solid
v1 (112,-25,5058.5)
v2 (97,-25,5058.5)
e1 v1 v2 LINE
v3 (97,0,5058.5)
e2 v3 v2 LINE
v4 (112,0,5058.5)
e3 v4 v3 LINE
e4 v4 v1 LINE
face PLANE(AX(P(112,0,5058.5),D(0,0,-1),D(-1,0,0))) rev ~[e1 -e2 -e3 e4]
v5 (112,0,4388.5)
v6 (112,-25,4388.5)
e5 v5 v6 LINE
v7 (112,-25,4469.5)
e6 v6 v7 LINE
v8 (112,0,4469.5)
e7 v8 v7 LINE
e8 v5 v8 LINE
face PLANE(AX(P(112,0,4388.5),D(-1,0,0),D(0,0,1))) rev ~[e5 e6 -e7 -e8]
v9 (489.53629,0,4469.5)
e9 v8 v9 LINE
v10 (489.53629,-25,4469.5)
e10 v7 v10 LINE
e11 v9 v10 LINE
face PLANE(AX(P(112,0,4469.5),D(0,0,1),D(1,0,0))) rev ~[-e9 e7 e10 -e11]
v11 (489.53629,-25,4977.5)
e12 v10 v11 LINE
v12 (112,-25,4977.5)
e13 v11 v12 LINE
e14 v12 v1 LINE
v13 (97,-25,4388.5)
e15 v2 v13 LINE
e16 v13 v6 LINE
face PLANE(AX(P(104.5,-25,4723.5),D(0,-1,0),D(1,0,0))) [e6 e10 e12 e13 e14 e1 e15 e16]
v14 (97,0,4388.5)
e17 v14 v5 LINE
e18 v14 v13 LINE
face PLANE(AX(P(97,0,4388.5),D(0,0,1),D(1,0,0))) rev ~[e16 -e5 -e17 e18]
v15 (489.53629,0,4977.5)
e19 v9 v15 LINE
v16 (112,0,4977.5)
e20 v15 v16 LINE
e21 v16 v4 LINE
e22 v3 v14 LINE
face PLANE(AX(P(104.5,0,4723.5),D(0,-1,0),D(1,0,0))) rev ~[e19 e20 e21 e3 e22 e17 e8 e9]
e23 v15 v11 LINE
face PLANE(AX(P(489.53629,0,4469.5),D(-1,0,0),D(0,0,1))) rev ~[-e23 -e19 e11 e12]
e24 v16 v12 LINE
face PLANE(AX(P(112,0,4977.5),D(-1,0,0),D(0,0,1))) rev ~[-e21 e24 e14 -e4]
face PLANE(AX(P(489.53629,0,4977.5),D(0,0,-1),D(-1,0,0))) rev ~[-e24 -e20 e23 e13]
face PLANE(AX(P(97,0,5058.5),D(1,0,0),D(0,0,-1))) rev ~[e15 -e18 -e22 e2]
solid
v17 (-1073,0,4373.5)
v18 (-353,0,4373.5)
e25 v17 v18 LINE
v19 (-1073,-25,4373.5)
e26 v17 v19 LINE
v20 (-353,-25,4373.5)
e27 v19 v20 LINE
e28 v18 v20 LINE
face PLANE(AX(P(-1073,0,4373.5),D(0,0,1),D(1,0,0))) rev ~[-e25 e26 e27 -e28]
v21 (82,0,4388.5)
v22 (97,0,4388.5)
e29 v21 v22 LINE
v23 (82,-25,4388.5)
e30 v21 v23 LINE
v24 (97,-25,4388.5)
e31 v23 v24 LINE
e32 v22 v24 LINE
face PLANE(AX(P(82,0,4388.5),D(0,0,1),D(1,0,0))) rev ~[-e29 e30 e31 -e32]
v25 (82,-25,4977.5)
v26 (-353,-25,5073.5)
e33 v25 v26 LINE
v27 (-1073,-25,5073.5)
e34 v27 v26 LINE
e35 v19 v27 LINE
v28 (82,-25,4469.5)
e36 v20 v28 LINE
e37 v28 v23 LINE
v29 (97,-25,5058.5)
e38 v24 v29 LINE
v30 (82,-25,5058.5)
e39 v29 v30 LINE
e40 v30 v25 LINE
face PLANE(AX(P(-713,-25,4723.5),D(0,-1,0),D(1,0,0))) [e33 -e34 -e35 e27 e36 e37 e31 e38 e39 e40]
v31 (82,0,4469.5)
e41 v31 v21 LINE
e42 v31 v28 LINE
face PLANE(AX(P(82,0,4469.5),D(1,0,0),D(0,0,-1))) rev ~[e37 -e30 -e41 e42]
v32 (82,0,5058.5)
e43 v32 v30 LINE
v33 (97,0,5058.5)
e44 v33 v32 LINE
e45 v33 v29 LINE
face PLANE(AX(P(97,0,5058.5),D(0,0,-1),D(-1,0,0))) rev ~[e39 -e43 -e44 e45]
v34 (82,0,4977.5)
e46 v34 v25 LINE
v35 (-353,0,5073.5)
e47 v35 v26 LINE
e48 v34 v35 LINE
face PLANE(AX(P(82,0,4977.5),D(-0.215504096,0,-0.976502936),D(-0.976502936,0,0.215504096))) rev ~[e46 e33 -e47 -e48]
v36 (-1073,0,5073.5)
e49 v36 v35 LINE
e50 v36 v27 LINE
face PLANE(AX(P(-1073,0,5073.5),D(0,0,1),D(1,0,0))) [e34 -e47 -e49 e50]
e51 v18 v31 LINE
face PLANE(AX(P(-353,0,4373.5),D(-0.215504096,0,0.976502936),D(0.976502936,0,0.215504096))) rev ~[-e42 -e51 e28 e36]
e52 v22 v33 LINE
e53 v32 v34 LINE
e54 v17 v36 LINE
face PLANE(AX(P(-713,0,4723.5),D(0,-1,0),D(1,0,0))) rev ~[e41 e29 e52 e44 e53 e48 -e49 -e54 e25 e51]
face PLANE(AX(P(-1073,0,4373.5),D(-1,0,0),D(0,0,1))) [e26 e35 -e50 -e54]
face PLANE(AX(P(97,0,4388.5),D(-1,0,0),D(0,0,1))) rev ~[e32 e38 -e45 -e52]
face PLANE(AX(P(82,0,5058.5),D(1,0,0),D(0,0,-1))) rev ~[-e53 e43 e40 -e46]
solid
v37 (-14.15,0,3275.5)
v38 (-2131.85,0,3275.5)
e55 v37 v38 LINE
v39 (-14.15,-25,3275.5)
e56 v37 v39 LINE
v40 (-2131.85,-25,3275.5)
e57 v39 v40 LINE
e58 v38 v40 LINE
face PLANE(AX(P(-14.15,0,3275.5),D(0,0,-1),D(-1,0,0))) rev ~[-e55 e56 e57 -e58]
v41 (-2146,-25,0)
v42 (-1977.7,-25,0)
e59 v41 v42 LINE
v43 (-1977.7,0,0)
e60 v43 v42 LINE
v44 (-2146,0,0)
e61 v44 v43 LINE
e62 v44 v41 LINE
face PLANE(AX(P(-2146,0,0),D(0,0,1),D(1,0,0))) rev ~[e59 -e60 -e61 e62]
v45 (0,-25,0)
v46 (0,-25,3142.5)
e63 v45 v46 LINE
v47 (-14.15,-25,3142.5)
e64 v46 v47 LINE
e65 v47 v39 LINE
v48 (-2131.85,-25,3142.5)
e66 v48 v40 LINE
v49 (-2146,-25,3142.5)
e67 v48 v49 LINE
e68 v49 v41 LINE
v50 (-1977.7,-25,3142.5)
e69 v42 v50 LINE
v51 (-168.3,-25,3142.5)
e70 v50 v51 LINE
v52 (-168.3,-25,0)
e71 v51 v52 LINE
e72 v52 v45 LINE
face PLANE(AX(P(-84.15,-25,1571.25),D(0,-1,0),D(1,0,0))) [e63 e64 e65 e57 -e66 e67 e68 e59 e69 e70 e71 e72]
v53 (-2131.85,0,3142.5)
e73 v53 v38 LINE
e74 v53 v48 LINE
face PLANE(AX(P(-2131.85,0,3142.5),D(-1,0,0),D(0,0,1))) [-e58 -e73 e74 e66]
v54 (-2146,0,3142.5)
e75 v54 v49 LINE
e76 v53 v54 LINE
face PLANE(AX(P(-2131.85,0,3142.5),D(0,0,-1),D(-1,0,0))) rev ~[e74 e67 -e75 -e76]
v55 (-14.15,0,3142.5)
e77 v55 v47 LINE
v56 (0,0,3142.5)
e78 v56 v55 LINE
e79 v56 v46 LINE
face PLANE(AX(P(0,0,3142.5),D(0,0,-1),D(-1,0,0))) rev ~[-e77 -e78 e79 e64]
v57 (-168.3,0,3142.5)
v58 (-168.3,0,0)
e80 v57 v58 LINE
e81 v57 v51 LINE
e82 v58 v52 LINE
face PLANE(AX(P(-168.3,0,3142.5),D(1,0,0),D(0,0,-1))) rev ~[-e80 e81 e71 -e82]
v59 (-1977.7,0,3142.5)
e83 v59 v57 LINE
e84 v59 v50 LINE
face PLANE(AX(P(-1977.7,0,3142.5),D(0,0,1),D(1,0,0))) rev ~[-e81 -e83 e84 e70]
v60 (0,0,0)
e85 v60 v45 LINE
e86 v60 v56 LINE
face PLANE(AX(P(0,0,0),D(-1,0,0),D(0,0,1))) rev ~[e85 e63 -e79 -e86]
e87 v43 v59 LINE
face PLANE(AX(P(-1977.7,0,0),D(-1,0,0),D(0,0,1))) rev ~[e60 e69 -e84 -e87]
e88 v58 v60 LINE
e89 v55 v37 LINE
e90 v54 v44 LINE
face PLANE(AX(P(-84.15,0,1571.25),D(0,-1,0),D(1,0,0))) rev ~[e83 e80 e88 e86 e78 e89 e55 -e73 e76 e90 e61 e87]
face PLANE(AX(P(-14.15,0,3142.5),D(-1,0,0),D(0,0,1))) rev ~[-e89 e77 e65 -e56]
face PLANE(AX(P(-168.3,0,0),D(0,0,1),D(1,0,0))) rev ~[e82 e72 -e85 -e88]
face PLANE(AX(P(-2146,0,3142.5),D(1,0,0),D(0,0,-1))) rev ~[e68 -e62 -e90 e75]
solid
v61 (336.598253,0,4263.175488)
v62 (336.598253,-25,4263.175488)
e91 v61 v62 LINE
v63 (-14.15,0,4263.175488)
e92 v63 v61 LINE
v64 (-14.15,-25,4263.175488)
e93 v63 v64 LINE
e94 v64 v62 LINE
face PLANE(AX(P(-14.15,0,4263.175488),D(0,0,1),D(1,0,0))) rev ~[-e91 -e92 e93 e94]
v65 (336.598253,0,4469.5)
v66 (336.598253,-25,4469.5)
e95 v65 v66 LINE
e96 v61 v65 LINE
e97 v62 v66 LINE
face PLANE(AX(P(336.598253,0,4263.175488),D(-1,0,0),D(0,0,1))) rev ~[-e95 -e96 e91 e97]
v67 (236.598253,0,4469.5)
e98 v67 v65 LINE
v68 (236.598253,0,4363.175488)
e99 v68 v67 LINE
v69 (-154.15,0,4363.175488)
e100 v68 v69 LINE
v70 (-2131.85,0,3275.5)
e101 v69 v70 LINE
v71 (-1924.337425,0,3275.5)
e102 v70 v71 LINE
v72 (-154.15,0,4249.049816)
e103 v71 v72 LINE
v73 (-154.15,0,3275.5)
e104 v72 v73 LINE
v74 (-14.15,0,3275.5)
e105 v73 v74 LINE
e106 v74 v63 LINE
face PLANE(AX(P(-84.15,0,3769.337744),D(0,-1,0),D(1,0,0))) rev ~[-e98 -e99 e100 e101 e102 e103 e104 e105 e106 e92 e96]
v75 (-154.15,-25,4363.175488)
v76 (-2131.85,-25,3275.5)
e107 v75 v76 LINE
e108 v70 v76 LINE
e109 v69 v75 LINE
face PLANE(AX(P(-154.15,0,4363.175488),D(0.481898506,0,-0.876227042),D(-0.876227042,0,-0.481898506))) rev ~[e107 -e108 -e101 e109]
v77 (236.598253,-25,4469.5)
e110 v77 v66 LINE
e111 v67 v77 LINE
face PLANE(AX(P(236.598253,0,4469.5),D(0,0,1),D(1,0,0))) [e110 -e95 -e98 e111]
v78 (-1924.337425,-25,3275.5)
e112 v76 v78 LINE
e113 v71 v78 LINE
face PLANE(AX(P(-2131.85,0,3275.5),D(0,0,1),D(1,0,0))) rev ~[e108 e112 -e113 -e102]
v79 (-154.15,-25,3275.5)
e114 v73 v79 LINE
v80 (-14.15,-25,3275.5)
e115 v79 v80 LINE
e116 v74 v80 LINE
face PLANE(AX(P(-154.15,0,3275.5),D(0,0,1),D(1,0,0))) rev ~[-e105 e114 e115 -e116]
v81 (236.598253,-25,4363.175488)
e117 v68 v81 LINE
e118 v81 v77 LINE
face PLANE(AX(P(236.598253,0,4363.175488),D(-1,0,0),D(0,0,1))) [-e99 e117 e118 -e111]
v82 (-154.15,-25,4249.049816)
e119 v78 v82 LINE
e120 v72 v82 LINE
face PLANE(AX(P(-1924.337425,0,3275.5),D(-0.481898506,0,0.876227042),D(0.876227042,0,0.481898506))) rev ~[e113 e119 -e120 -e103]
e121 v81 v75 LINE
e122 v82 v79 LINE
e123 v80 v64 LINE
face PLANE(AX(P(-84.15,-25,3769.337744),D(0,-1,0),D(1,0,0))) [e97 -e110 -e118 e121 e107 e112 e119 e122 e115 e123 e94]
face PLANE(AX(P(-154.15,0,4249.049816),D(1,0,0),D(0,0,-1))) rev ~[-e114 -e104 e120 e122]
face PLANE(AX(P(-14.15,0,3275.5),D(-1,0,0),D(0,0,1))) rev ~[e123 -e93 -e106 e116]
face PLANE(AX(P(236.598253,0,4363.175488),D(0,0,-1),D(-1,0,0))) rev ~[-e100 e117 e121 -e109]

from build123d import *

# Parameters (mm, degrees)
F0_W     = 140
F0_H     = 133
F1_DEPTH = 25
F0_W_2   = 100
F0_H_2   = 106.324512
F2_DEPTH = 25
F0_W_3   = 720
F0_H_3   = 700
F3_DEPTH = 25
F4_DEPTH = 25


with BuildPart() as f1:
    # F0 (on Front) → F1 (new body)
    with BuildSketch(Plane.XZ):
        Polygon((-168.3, 0), (0, 0), (0, 3142.5), (-14.15, 3142.5), (-154.15, 3142.5), (-168.3, 3142.5), align=None)
        Polygon((-1977.7, 0), (-1977.7, 3142.5), (-1991.85, 3142.5), (-2131.85, 3142.5), (-2146, 3142.5), (-2146, 0), align=None)
        with Locations((-2061.85, 3209)):
            Rectangle(F0_W, F0_H)
        Polygon((-1977.7, 3142.5), (-168.3, 3142.5), (-154.15, 3142.5), (-154.15, 3275.5), (-1924.337425, 3275.5), (-1991.85, 3275.5), (-1991.85, 3142.5), align=None)
        with Locations((-84.15, 3209)):
            Rectangle(F0_W, F0_H)
    extrude(amount=F1_DEPTH)


with BuildPart() as f2:
    # F0 (on Front) → F2 (new body)
    with BuildSketch(Plane.XZ):
        Polygon((-154.15, 3275.5), (-14.15, 3275.5), (-14.15, 4263.175488), (-154.15, 4263.175488), (-154.15, 4249.049816), align=None)
        Polygon((-1991.85, 3275.5), (-1924.337425, 3275.5), (-154.15, 4249.049816), (-154.15, 4263.175488), (-154.15, 4363.175488), (-2131.85, 3275.5), align=None)
        Polygon((-154.15, 4263.175488), (-14.15, 4263.175488), (336.598253, 4263.175488), (336.598253, 4363.175488), (236.598253, 4363.175488), (-154.15, 4363.175488), align=None)
        with Locations((286.598253, 4416.337744)):
            Rectangle(F0_W_2, F0_H_2)
    extrude(amount=F2_DEPTH)


with BuildPart() as f3:
    # F0 (on Front) → F3 (new body)
    with BuildSketch(Plane.XZ):
        with Locations((-713, 4723.5)):
            Rectangle(F0_W_3, F0_H_3)
        Polygon((-353, 4373.5), (82, 4469.5), (82, 4977.5), (-353, 5073.5), align=None)
        Polygon((82, 4388.5), (97, 4388.5), (97, 5058.5), (82, 5058.5), (82, 4977.5), (82, 4469.5), align=None)
    extrude(amount=F3_DEPTH)


with BuildPart() as f4:
    # F0 (on Front) → F4 (new body)
    with BuildSketch(Plane.XZ):
        Polygon((112, 4388.5), (112, 4469.5), (112, 4977.5), (112, 5058.5), (97, 5058.5), (97, 4388.5), align=None)
        Polygon((236.598253, 4469.5), (336.598253, 4469.5), (489.53629, 4469.5), (489.53629, 4977.5), (112, 4977.5), (112, 4469.5), align=None)
    extrude(amount=F4_DEPTH)


solid = Compound([f1.part, f2.part, f3.part, f4.part])
